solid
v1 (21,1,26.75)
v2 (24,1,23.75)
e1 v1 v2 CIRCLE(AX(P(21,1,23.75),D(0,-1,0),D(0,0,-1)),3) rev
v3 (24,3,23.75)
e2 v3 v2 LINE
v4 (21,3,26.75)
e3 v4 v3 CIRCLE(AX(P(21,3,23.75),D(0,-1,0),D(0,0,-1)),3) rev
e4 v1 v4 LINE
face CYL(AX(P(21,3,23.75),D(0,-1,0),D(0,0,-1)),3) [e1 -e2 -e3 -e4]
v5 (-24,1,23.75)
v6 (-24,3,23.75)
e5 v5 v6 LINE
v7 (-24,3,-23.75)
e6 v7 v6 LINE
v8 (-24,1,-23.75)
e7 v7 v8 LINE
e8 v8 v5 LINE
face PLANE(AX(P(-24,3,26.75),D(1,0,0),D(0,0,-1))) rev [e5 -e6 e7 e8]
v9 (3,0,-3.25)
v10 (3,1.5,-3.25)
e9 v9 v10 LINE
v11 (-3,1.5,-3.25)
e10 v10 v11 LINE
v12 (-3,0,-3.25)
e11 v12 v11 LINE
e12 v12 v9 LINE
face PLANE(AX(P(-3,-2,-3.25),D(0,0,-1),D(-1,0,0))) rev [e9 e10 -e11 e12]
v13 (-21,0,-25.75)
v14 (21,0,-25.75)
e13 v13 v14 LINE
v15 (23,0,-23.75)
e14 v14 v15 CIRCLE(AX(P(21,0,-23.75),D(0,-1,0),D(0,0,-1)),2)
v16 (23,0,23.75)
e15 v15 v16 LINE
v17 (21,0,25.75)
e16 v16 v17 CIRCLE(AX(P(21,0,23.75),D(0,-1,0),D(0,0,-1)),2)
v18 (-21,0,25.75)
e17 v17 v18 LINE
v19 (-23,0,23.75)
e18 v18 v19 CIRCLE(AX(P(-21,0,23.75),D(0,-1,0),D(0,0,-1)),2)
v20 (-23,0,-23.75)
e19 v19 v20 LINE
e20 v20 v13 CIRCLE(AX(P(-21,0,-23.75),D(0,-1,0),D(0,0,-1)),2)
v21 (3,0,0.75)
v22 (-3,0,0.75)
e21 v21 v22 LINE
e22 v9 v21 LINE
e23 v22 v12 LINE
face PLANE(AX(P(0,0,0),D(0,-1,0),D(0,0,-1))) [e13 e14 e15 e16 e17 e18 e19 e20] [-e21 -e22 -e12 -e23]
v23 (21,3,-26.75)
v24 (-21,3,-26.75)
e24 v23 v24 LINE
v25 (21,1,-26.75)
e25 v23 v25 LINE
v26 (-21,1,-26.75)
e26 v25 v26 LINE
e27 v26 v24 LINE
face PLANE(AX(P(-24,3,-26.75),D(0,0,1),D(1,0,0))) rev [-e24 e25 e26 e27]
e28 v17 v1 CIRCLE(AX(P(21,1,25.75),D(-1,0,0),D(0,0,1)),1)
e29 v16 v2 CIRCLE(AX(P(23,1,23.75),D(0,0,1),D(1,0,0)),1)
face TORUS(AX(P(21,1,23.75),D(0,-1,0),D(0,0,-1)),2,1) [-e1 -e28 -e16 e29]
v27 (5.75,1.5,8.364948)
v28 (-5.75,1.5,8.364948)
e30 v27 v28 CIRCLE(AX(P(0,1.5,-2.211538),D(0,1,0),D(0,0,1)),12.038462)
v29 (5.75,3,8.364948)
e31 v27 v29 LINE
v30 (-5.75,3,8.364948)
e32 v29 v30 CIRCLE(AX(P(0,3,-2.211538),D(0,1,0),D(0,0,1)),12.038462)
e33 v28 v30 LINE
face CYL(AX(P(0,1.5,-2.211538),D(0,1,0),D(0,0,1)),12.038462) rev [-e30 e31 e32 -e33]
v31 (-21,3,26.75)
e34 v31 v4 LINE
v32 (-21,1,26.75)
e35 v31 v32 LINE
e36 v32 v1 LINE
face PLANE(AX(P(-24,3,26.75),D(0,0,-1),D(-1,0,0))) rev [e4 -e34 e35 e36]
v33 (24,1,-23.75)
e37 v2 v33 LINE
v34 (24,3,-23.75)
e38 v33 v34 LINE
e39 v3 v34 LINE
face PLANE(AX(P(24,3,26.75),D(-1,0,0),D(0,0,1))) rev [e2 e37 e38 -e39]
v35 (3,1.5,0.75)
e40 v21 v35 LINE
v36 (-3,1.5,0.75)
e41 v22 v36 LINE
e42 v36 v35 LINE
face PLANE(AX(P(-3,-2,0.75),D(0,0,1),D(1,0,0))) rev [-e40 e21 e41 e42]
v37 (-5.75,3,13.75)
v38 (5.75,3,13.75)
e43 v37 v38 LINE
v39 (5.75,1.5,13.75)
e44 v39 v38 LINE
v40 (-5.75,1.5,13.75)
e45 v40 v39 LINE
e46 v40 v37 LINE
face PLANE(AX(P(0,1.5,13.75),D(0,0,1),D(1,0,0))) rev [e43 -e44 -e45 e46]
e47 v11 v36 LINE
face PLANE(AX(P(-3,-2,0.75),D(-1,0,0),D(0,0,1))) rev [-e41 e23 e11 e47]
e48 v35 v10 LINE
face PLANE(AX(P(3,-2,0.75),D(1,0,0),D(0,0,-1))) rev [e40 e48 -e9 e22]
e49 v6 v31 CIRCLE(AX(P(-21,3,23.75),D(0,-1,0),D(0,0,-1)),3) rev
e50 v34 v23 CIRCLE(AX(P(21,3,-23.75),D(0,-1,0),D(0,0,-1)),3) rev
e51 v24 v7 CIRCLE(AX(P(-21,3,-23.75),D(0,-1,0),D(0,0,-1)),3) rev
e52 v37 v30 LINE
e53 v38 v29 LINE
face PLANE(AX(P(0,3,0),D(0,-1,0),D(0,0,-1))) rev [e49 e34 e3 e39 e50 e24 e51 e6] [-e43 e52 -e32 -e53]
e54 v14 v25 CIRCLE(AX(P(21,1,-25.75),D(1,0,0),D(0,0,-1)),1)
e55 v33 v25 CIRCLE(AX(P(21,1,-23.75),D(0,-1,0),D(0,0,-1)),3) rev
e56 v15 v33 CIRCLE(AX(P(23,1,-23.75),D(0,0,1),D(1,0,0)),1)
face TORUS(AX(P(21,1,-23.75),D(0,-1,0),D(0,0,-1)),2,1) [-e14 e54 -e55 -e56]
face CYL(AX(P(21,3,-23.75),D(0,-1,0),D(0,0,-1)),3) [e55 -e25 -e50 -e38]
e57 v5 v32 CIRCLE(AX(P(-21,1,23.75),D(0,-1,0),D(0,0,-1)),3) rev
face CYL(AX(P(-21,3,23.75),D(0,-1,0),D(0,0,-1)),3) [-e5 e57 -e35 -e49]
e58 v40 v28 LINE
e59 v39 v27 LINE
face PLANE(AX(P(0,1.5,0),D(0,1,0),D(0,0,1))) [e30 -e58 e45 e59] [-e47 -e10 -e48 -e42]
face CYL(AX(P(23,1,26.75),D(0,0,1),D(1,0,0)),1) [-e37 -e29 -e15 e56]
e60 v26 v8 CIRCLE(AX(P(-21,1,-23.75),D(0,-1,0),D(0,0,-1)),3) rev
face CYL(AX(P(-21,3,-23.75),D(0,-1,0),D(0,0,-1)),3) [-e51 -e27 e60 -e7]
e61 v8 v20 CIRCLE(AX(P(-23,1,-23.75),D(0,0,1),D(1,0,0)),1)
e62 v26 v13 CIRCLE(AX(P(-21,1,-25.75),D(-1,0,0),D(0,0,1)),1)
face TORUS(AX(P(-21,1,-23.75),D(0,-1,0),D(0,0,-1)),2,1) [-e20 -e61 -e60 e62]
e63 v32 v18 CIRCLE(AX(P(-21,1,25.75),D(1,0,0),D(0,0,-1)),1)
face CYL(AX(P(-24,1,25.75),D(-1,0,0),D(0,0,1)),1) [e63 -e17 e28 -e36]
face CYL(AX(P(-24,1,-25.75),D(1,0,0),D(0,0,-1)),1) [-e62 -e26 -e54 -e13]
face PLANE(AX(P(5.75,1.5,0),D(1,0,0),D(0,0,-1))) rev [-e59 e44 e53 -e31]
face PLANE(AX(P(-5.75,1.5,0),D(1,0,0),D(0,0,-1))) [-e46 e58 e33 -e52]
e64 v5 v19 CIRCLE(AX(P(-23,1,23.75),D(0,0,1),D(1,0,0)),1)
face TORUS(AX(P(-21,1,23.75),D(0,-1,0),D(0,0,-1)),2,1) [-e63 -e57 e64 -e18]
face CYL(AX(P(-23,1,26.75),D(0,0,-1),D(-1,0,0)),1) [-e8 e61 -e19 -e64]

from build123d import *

# Parameters (mm, degrees)
SKETCH1_W           = 42
SKETCH1_H           = 47.5
BOSS_EXTRUDE1_DEPTH = 3
CUT_EXTRUDE2_DEPTH  = 1.5
SKETCH3_W           = 6
SKETCH3_H           = 4
CUT_EXTRUDE3_DEPTH  = 5
SKETCH4_W           = 48
SKETCH4_H           = 53.5
SKETCH4_W_2         = 42
SKETCH4_H_2         = 47.5
BOSS_EXTRUDE2_DEPTH = 3
FILLET1_R           = 3
FILLET2_R           = 1


with BuildPart() as part:
    # Sketch1 → Boss-Extrude1 (new body)
    with BuildSketch(Plane(origin=(0, 0, 0), x_dir=(1, 0, 0), z_dir=(0, 1, 0))):
        Rectangle(SKETCH1_W, SKETCH1_H)
    extrude(amount=BOSS_EXTRUDE1_DEPTH)

    # Sketch2 → Cut-Extrude2 (cut)
    with BuildSketch(Plane(origin=(0, 3, 0), x_dir=(1, 0, 0), z_dir=(0, 1, 0))):
        with BuildLine():
            ThreePointArc((12.038461538, 2.211538462), (-6.152373622, 12.559139876), (-5.75, -8.364947543))
            Line((-5.75, -8.364947543), (-5.75, -7.75))
            Line((-5.75, -7.75), (5.75, -7.75))
            Line((5.75, -7.75), (5.75, -8.364947543))
            ThreePointArc((5.75, -8.364947543), (10.347601414, -3.94083516), (12.038461538, 2.211538462))
        make_face()
        with BuildLine():
            Line((-5.75, -7.75), (-5.75, -8.364947543))
            ThreePointArc((-5.75, -8.364947543), (0, -9.826923077), (5.75, -8.364947543))
            Line((5.75, -8.364947543), (5.75, -7.75))
            Line((5.75, -7.75), (-5.75, -7.75))
        make_face()
        with BuildLine():
            Line((-5.75, -8.364947543), (-5.75, -13.75))
            Line((-5.75, -13.75), (5.75, -13.75))
            Line((5.75, -13.75), (5.75, -8.364947543))
            ThreePointArc((5.75, -8.364947543), (0, -9.826923077), (-5.75, -8.364947543))
        make_face()
    extrude(amount=-CUT_EXTRUDE2_DEPTH, mode=Mode.SUBTRACT)

    # Sketch3 → Cut-Extrude3 (cut)
    with BuildSketch(Plane(origin=(0, 3, 0), x_dir=(1, 0, 0), z_dir=(0, 1, 0))):
        with Locations((0, 1.25)):
            Rectangle(SKETCH3_W, SKETCH3_H)
    extrude(amount=-CUT_EXTRUDE3_DEPTH, mode=Mode.SUBTRACT)

    # Sketch4 → Boss-Extrude2 (add)
    with BuildSketch(Plane(origin=(0, 0, 0), x_dir=(1, 0, 0), z_dir=(0, 1, 0))):
        Rectangle(SKETCH4_W, SKETCH4_H)
        Rectangle(SKETCH4_W_2, SKETCH4_H_2, mode=Mode.SUBTRACT)
    extrude(amount=BOSS_EXTRUDE2_DEPTH)

    # Fillet1
    fillet1_edges = [part.edges().sort_by_distance(p)[0] for p in [
        (-24, 1.5, -26.75),
        (-24, 1.5, 26.75),
        (24, 1.5, 26.75),
        (24, 1.5, -26.75),
    ]]
    fillet(fillet1_edges, radius=FILLET1_R)

    # Fillet2
    fillet2_edges = [part.edges().sort_by_distance(p)[0] for p in [
        (-24, 0, 0),
        (0, 0, -26.75),
        (24, 0, 0),
        (0, 0, 26.75),
        (-23.121320344, 0, 25.871320344),
        (23.121320344, 0, 25.871320344),
        (23.121320344, 0, -25.871320344),
        (-23.121320344, 0, -25.871320344),
    ]]
    fillet(fillet2_edges, radius=FILLET2_R)


solid = part.part
